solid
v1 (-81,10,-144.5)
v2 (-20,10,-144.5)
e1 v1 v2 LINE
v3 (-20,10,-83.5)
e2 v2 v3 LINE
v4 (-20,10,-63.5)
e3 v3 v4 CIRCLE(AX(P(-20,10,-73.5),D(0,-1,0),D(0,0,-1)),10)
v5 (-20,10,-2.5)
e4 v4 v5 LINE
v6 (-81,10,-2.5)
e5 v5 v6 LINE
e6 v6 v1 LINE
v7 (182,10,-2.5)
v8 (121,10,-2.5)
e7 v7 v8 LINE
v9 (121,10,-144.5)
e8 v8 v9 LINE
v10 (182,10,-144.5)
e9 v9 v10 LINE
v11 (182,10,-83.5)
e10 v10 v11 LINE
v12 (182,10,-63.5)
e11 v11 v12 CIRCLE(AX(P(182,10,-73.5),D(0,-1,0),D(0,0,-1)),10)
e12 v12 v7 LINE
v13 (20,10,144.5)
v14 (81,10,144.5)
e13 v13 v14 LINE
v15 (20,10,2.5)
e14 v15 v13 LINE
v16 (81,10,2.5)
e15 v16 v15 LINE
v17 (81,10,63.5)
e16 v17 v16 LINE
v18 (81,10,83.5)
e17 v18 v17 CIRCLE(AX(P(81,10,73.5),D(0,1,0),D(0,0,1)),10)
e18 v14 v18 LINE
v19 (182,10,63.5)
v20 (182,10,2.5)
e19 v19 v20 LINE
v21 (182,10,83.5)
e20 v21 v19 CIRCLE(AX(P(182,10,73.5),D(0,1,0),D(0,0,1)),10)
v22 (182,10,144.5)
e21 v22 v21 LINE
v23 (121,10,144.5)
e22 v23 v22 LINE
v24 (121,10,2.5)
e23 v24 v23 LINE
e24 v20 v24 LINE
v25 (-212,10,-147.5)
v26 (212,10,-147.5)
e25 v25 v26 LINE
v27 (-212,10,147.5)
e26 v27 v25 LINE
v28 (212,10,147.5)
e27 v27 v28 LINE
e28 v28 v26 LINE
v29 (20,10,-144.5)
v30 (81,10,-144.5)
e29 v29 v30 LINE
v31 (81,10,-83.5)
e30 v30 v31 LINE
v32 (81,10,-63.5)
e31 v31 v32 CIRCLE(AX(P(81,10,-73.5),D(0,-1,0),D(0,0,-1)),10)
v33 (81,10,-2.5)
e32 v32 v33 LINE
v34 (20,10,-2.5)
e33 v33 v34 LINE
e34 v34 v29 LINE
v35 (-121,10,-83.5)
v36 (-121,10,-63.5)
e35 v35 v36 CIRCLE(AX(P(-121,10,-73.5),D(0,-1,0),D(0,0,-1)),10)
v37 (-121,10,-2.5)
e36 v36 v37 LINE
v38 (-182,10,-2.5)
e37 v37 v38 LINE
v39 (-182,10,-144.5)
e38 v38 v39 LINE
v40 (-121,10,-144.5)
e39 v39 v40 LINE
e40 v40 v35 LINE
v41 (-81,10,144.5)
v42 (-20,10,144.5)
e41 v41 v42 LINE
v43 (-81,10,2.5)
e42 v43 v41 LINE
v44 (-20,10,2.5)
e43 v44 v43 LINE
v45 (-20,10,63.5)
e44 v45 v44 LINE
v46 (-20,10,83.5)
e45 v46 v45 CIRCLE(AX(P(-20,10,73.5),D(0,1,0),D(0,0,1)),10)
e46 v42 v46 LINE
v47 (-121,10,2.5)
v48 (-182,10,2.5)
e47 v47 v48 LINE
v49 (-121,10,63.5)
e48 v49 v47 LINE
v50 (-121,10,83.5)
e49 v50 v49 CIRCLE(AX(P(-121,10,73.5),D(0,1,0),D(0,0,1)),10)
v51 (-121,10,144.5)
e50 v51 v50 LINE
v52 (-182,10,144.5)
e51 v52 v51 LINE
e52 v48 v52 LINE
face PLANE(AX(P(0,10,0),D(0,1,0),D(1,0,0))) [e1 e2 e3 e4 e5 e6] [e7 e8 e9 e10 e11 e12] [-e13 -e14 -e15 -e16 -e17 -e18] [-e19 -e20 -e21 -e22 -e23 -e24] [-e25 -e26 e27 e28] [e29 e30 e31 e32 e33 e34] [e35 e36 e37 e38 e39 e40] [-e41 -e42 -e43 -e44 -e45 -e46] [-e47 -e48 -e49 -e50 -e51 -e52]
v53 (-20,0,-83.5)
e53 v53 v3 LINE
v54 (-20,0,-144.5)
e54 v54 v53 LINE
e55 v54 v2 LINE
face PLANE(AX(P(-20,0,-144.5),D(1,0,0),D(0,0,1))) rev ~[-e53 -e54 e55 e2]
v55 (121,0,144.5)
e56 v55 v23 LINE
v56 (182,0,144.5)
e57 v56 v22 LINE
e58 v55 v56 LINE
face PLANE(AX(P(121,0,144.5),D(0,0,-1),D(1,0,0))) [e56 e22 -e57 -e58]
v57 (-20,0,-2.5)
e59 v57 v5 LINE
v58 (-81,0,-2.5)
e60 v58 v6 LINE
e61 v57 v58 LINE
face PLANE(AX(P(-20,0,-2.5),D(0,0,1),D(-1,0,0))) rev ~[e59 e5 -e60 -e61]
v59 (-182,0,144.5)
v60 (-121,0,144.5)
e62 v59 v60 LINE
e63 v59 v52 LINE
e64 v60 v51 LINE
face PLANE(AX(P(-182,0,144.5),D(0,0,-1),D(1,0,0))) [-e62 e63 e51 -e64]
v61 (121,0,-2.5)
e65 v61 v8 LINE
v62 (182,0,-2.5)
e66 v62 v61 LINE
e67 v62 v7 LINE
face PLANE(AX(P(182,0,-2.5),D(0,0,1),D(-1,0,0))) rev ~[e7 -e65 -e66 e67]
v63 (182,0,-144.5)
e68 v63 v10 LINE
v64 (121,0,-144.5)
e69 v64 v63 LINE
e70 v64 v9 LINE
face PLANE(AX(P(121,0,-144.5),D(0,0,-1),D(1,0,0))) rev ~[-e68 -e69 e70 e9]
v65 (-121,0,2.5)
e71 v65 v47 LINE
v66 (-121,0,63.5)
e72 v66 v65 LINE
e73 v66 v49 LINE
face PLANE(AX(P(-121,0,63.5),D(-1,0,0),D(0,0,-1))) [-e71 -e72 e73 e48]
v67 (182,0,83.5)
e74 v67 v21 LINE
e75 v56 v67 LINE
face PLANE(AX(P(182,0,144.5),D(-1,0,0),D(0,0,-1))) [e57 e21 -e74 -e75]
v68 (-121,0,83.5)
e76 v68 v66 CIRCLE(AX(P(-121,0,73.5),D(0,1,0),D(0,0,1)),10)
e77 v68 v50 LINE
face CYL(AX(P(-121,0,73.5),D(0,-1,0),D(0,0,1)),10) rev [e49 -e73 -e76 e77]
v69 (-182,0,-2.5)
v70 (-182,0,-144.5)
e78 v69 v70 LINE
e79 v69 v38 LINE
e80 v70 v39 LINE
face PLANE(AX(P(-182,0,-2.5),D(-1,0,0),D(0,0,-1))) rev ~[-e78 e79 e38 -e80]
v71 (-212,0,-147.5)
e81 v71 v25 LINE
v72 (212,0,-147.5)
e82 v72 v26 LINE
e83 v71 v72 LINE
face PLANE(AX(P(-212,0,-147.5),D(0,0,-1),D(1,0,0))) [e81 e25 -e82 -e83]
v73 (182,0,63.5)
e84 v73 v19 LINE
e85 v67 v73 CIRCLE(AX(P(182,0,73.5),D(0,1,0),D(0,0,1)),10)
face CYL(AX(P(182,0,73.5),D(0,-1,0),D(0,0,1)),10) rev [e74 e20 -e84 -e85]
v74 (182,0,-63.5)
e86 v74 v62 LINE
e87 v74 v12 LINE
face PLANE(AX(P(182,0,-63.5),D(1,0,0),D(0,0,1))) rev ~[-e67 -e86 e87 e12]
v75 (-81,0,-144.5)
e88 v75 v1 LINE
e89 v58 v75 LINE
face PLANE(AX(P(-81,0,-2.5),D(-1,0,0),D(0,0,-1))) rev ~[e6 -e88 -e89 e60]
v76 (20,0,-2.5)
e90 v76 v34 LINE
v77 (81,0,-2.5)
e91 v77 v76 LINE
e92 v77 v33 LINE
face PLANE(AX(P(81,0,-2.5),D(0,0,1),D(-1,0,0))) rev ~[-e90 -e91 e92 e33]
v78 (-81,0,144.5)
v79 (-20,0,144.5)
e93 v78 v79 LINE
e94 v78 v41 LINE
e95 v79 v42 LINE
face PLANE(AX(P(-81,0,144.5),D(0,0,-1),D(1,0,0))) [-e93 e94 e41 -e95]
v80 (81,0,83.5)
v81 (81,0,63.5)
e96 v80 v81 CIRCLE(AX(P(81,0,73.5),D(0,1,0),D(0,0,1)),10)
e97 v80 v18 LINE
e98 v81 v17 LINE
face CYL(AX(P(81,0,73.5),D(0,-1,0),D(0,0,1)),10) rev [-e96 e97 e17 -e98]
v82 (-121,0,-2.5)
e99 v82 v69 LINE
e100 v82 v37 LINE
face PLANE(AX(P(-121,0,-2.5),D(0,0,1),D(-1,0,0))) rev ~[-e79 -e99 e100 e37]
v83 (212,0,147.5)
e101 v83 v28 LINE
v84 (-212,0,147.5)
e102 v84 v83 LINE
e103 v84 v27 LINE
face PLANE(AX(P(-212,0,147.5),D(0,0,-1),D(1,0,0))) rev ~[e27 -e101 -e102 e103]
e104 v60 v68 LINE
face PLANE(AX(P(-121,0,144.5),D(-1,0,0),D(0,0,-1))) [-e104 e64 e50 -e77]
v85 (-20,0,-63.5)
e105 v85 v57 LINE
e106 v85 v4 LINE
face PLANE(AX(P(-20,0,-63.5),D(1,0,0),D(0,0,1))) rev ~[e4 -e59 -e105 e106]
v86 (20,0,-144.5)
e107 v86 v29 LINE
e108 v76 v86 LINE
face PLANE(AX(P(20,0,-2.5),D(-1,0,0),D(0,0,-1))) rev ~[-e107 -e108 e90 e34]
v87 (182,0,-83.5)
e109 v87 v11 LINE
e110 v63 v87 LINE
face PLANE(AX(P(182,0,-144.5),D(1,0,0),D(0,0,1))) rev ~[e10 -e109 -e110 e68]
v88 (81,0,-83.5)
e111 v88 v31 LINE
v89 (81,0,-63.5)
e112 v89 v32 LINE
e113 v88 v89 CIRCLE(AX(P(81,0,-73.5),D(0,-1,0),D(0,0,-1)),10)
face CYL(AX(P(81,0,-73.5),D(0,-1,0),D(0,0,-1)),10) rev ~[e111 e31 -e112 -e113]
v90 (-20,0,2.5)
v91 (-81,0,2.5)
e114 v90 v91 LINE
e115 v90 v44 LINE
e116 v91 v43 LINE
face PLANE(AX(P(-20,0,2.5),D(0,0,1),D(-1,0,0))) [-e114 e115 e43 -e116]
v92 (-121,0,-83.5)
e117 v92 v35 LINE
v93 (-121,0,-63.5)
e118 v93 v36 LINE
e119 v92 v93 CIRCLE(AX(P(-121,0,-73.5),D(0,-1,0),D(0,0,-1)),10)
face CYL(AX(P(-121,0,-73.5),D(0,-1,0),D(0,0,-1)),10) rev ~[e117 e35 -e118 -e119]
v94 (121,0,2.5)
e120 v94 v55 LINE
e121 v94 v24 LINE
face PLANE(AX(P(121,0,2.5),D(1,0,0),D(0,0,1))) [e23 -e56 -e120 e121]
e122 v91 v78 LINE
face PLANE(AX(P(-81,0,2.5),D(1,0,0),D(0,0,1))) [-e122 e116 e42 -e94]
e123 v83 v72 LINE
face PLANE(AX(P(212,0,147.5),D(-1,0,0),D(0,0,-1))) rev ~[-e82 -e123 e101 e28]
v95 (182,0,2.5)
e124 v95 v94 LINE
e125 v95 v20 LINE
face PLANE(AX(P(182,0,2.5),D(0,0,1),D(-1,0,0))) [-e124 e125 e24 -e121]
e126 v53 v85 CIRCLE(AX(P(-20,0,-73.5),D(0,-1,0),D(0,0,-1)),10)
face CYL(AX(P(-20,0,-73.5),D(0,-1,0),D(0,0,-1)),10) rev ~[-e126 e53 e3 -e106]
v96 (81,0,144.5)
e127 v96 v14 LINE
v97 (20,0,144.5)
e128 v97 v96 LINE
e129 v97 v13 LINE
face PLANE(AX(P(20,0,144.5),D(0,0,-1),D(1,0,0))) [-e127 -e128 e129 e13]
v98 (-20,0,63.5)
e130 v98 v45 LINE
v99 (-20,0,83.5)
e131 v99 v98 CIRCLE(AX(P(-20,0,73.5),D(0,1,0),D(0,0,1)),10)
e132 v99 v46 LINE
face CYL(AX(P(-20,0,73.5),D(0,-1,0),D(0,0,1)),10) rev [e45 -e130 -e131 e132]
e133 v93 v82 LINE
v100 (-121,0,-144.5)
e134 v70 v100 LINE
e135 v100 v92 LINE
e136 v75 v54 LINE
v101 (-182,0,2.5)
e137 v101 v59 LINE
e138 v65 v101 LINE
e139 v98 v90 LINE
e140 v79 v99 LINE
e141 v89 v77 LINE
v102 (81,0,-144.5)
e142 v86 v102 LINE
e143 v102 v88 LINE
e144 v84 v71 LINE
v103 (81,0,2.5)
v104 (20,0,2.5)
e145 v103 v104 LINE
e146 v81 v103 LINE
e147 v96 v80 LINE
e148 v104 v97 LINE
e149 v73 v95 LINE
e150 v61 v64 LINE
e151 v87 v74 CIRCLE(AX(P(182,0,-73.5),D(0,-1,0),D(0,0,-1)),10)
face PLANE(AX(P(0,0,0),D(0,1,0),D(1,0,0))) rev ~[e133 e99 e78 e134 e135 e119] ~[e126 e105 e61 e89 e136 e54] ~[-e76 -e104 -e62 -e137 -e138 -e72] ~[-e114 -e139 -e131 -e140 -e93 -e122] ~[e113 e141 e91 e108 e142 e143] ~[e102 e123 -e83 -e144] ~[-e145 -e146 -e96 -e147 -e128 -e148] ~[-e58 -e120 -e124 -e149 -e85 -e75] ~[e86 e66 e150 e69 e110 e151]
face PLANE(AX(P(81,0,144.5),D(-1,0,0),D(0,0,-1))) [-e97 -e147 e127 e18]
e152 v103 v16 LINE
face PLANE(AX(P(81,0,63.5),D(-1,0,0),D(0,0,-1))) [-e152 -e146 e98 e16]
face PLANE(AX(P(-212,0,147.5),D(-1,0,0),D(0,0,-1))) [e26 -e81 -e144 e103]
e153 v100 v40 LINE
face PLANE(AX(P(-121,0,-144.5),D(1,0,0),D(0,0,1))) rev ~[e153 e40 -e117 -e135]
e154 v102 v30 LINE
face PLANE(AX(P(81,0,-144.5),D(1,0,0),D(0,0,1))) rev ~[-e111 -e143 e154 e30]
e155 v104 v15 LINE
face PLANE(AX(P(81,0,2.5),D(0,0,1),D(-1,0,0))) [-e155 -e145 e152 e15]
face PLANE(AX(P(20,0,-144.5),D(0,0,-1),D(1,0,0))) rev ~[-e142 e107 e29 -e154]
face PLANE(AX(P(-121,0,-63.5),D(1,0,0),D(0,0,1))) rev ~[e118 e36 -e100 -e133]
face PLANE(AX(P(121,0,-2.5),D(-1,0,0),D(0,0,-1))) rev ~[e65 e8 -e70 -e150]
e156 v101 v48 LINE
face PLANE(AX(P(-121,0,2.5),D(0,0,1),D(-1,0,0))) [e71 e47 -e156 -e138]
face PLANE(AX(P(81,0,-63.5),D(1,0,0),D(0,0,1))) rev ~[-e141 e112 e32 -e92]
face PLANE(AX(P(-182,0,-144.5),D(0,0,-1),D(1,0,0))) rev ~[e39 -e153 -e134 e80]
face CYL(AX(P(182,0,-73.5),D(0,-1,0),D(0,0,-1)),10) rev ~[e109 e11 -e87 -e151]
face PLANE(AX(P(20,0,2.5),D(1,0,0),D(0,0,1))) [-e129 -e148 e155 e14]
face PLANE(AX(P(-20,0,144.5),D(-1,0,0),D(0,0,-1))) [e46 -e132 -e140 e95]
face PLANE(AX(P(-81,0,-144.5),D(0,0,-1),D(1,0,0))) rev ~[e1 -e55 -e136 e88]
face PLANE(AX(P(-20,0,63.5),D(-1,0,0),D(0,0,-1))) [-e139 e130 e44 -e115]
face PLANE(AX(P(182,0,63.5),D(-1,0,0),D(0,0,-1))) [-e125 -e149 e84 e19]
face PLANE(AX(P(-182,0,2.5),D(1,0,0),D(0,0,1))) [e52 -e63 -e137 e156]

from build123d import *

# Parameters (mm, degrees)
SKETCH1_W           = 424
SKETCH1_H           = 295
BOSS_EXTRUDE1_DEPTH = 10


with BuildPart() as part:
    # Sketch1 → Boss-Extrude1 (new body)
    with BuildSketch(Plane(origin=(0, 0, 0), x_dir=(1, 0, 0), z_dir=(0, 1, 0))):
        Rectangle(SKETCH1_W, SKETCH1_H)
        with BuildLine():
            Line((-182, 144.5), (-121, 144.5))
            Line((-121, 144.5), (-121, 83.5))
            ThreePointArc((-121, 83.5), (-111, 73.5), (-121, 63.5))
            Line((-121, 63.5), (-121, 2.5))
            Line((-121, 2.5), (-182, 2.5))
            Line((-182, 2.5), (-182, 144.5))
        make_face(mode=Mode.SUBTRACT)
        with BuildLine():
            Line((-20, 63.5), (-20, 2.5))
            Line((-20, 2.5), (-81, 2.5))
            Line((-81, 2.5), (-81, 144.5))
            Line((-81, 144.5), (-20, 144.5))
            Line((-20, 144.5), (-20, 83.5))
            ThreePointArc((-20, 83.5), (-10, 73.5), (-20, 63.5))
        make_face(mode=Mode.SUBTRACT)
        with BuildLine():
            Line((81, 63.5), (81, 2.5))
            Line((81, 2.5), (20, 2.5))
            Line((20, 2.5), (20, 144.5))
            Line((20, 144.5), (81, 144.5))
            Line((81, 144.5), (81, 83.5))
            ThreePointArc((81, 83.5), (91, 73.5), (81, 63.5))
        make_face(mode=Mode.SUBTRACT)
        with BuildLine():
            Line((182, 63.5), (182, 2.5))
            Line((182, 2.5), (121, 2.5))
            Line((121, 2.5), (121, 144.5))
            Line((121, 144.5), (182, 144.5))
            Line((182, 144.5), (182, 83.5))
            ThreePointArc((182, 83.5), (192, 73.5), (182, 63.5))
        make_face(mode=Mode.SUBTRACT)
        with BuildLine():
            Line((-20, -63.5), (-20, -2.5))
            Line((-20, -2.5), (-81, -2.5))
            Line((-81, -2.5), (-81, -144.5))
            Line((-81, -144.5), (-20, -144.5))
            Line((-20, -144.5), (-20, -83.5))
            ThreePointArc((-20, -83.5), (-10, -73.5), (-20, -63.5))
        make_face(mode=Mode.SUBTRACT)
        with BuildLine():
            Line((-121, -144.5), (-121, -83.5))
            ThreePointArc((-121, -83.5), (-111, -73.5), (-121, -63.5))
            Line((-121, -63.5), (-121, -2.5))
            Line((-121, -2.5), (-182, -2.5))
            Line((-182, -2.5), (-182, -144.5))
            Line((-182, -144.5), (-121, -144.5))
        make_face(mode=Mode.SUBTRACT)
        with BuildLine():
            Line((81, -63.5), (81, -2.5))
            Line((81, -2.5), (20, -2.5))
            Line((20, -2.5), (20, -144.5))
            Line((20, -144.5), (81, -144.5))
            Line((81, -144.5), (81, -83.5))
            ThreePointArc((81, -83.5), (91, -73.5), (81, -63.5))
        make_face(mode=Mode.SUBTRACT)
        with BuildLine():
            Line((182, -63.5), (182, -2.5))
            Line((182, -2.5), (121, -2.5))
            Line((121, -2.5), (121, -144.5))
            Line((121, -144.5), (182, -144.5))
            Line((182, -144.5), (182, -83.5))
            ThreePointArc((182, -83.5), (192, -73.5), (182, -63.5))
        make_face(mode=Mode.SUBTRACT)
    extrude(amount=BOSS_EXTRUDE1_DEPTH)


solid = part.part
